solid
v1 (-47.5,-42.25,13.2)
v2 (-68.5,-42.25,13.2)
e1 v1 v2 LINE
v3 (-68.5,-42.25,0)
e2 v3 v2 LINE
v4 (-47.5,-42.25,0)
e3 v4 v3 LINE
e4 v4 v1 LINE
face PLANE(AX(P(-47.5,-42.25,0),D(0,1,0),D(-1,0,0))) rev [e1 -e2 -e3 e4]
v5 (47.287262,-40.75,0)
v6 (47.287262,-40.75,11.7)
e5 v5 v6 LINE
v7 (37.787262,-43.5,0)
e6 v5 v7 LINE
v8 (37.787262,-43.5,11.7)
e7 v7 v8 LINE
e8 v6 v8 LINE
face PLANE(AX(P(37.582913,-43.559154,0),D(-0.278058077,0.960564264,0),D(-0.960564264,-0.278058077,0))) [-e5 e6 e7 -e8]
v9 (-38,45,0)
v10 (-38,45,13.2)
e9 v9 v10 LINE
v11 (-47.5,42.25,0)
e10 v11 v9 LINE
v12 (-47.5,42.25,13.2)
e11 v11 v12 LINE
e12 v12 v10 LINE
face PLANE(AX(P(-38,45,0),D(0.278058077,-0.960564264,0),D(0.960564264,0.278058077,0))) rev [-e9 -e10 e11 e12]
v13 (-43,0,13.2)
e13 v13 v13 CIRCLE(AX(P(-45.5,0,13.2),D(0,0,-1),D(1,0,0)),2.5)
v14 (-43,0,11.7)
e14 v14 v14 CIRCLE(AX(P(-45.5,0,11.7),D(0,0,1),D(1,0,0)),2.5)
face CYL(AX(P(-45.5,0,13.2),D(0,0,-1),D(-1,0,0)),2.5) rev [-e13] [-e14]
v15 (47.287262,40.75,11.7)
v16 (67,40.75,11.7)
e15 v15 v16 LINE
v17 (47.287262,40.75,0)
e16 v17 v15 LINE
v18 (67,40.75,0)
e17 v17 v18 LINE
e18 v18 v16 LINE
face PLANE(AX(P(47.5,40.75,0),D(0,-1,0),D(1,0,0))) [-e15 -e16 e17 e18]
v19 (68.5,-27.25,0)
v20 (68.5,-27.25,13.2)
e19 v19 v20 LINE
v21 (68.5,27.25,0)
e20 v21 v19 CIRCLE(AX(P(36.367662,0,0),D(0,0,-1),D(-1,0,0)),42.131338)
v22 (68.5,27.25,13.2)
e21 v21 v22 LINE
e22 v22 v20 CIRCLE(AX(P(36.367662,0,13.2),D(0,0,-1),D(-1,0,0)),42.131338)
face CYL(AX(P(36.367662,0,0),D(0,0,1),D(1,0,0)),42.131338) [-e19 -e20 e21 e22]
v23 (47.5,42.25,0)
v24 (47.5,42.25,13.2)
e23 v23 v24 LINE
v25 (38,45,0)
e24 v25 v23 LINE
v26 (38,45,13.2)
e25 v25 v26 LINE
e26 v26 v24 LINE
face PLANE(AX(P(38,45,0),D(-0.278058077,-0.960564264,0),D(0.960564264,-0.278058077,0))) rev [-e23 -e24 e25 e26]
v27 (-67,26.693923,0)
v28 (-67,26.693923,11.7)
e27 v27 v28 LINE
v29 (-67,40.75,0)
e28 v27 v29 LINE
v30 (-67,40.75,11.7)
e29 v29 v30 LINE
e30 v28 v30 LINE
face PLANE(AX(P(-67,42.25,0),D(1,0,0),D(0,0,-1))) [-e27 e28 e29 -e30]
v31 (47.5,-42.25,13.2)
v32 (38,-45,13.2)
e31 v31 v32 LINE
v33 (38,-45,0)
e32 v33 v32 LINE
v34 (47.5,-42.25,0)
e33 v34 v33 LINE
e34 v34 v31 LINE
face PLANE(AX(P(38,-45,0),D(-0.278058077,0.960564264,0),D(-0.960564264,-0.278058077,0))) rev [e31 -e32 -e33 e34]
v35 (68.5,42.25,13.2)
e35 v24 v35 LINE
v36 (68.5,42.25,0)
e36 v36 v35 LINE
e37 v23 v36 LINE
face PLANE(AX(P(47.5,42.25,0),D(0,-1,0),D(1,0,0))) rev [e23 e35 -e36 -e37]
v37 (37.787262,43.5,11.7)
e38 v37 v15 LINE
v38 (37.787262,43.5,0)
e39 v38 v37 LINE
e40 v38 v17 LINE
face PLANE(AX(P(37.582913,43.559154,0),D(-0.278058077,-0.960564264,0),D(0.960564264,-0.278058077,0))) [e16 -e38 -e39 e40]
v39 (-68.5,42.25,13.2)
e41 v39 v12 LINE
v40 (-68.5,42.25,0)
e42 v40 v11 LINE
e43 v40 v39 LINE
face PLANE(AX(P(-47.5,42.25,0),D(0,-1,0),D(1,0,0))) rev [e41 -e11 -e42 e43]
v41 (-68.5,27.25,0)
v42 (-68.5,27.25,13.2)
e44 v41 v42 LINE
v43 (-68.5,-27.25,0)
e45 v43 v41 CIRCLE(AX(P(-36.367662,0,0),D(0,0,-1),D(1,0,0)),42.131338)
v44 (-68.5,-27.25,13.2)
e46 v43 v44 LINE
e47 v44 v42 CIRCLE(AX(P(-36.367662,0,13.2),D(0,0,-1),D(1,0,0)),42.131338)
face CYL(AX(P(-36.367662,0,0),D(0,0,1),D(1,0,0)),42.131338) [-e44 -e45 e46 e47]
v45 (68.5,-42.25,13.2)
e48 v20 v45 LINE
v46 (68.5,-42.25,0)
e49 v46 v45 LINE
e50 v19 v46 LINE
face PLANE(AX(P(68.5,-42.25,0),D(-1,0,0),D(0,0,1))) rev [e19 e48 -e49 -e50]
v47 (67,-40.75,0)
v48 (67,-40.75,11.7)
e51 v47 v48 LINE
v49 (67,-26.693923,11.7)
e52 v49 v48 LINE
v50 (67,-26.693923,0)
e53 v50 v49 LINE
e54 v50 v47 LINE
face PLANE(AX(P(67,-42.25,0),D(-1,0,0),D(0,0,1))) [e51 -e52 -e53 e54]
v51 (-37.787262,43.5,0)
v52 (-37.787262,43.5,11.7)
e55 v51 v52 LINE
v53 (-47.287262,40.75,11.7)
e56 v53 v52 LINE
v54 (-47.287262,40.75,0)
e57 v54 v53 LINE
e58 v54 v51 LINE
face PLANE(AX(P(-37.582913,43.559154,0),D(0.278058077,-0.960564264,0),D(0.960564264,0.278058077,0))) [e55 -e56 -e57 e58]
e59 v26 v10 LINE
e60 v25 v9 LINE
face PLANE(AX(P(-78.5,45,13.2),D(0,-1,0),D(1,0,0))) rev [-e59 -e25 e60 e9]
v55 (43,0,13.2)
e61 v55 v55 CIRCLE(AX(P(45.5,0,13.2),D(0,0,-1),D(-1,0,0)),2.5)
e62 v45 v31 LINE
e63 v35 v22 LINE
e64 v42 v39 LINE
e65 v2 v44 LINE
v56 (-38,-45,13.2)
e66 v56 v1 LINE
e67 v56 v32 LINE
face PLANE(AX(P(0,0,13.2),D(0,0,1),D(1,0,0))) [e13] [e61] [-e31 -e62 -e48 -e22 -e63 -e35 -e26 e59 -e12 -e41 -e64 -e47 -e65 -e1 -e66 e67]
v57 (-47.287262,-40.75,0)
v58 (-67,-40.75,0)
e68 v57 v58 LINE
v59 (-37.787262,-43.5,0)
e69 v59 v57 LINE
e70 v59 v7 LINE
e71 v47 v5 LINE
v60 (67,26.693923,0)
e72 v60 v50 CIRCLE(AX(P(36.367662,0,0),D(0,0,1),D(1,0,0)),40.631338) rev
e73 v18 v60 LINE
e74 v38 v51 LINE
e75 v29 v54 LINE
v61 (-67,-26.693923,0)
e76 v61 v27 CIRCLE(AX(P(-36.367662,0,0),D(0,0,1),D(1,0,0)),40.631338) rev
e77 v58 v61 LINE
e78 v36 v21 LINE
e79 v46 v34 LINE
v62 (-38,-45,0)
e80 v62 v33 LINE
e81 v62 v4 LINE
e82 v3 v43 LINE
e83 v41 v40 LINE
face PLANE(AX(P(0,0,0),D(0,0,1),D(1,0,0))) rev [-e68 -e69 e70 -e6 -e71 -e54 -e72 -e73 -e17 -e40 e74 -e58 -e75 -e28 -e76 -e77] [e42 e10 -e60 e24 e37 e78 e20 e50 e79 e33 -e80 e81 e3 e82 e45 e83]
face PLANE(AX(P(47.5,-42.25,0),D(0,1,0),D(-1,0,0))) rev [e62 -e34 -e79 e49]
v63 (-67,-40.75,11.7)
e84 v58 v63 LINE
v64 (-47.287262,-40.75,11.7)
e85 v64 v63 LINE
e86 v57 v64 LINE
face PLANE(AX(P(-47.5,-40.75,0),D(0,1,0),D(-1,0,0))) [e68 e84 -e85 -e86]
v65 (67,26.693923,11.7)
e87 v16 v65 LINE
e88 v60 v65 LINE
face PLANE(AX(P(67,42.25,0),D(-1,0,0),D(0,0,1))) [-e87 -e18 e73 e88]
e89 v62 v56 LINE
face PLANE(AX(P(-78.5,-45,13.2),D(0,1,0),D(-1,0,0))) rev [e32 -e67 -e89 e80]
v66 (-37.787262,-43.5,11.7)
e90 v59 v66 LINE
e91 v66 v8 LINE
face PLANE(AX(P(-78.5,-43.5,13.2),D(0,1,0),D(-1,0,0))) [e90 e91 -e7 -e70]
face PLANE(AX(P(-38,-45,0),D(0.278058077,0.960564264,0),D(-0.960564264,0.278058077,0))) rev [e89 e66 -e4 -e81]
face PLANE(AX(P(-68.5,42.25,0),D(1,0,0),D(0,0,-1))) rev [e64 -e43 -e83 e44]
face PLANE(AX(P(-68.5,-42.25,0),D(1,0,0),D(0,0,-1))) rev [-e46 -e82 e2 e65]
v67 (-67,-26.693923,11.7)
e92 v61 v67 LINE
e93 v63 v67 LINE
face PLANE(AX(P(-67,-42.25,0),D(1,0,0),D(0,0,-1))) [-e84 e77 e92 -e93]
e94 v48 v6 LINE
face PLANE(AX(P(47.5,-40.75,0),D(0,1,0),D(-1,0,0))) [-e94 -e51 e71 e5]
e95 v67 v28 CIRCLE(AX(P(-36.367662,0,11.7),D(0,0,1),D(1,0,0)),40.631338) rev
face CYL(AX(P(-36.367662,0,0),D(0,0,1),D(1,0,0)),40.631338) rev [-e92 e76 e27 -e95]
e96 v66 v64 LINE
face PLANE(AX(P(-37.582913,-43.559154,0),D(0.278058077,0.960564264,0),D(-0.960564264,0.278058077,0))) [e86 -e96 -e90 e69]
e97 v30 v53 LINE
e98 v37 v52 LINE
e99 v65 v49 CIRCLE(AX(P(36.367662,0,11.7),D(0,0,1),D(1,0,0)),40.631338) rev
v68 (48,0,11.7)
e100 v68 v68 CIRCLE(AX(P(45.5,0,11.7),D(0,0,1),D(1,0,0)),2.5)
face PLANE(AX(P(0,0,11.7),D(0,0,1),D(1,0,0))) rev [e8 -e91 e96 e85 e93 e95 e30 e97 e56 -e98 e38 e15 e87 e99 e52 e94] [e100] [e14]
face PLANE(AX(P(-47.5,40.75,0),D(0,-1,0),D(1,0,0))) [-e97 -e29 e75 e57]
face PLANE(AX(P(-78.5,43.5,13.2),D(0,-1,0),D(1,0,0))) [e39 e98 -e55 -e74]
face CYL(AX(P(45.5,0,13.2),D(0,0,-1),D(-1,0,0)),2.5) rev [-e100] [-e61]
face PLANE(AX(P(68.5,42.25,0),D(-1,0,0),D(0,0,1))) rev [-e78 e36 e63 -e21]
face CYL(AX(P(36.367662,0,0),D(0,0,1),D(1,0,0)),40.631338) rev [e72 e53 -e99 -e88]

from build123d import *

# Parameters (mm, degrees)
SKETCH_1_W          = 157
SKETCH_1_H          = 90
EXTRUDE_1_DEPTH     = 13.2
CUT_EXTRUDE_1_DEPTH = 92.441183282
CUT_EXTRUDE_2_DEPTH = 92.441183282
SHELL_1_T           = -1.5
SKETCH_4_R          = 2.5
CUT_EXTRUDE_3_DEPTH = 13.2


with BuildPart() as part:
    # 草图1 → 凸台-拉伸1 (new body)
    with BuildSketch(Plane.XY):
        Rectangle(SKETCH_1_W, SKETCH_1_H)
    extrude(amount=EXTRUDE_1_DEPTH)

    # 草图2 → 切除-拉伸1 (cut, through all)
    with BuildSketch(Plane.XY.offset(13.2)):
        Polygon((-38, 45), (-47.5, 42.25), (-78.5, 42.25), (-78.5, 45), align=None)
        Polygon((78.5, 45), (38, 45), (47.5, 42.25), (78.5, 42.25), align=None)
        Polygon((38, -45), (47.5, -42.25), (78.5, -42.25), (78.5, -45), align=None)
        Polygon((-78.5, -45), (-38, -45), (-47.5, -42.25), (-78.5, -42.25), align=None)
    extrude(amount=-CUT_EXTRUDE_1_DEPTH, mode=Mode.SUBTRACT)

    # 草图3 → 切除-拉伸2 (cut, through all)
    with BuildSketch(Plane.XY.offset(13.2)):
        with BuildLine():
            Line((-68.5, 42.25), (-68.5, 27.25))
            ThreePointArc((-68.5, 27.25), (-78.499, 0), (-68.5, -27.25))
            Line((-68.5, -27.25), (-68.5, -42.25))
            Line((-68.5, -42.25), (-78.5, -42.25))
            Line((-78.5, -42.25), (-78.5, 42.25))
            Line((-78.5, 42.25), (-68.5, 42.25))
        make_face()
        with BuildLine():
            Line((68.5, -42.25), (68.5, -27.25))
            ThreePointArc((68.5, -27.25), (78.499, 0), (68.5, 27.25))
            Line((68.5, 27.25), (68.5, 42.25))
            Line((68.5, 42.25), (78.5, 42.25))
            Line((78.5, 42.25), (78.5, -42.25))
            Line((78.5, -42.25), (68.5, -42.25))
        make_face()
    extrude(amount=-CUT_EXTRUDE_2_DEPTH, mode=Mode.SUBTRACT)

    # 抽壳1
    shell_1_openings = [part.faces().sort_by_distance(p)[0] for p in [
        (0, 0, 0),
    ]]
    offset(amount=SHELL_1_T, openings=shell_1_openings, kind=Kind.INTERSECTION)

    # 草图4 → 切除-拉伸3 (cut)
    with BuildSketch(Plane(origin=(0, 0, 0), x_dir=(-1, 0, 0), z_dir=(0, 0, -1))):
        with Locations((-45.5, 0)):
            Circle(SKETCH_4_R)
        with Locations(Location((45.5, 0, 0), (0, 0, 180))):
            Circle(SKETCH_4_R)
    extrude(amount=-CUT_EXTRUDE_3_DEPTH, mode=Mode.SUBTRACT)


solid = part.part
